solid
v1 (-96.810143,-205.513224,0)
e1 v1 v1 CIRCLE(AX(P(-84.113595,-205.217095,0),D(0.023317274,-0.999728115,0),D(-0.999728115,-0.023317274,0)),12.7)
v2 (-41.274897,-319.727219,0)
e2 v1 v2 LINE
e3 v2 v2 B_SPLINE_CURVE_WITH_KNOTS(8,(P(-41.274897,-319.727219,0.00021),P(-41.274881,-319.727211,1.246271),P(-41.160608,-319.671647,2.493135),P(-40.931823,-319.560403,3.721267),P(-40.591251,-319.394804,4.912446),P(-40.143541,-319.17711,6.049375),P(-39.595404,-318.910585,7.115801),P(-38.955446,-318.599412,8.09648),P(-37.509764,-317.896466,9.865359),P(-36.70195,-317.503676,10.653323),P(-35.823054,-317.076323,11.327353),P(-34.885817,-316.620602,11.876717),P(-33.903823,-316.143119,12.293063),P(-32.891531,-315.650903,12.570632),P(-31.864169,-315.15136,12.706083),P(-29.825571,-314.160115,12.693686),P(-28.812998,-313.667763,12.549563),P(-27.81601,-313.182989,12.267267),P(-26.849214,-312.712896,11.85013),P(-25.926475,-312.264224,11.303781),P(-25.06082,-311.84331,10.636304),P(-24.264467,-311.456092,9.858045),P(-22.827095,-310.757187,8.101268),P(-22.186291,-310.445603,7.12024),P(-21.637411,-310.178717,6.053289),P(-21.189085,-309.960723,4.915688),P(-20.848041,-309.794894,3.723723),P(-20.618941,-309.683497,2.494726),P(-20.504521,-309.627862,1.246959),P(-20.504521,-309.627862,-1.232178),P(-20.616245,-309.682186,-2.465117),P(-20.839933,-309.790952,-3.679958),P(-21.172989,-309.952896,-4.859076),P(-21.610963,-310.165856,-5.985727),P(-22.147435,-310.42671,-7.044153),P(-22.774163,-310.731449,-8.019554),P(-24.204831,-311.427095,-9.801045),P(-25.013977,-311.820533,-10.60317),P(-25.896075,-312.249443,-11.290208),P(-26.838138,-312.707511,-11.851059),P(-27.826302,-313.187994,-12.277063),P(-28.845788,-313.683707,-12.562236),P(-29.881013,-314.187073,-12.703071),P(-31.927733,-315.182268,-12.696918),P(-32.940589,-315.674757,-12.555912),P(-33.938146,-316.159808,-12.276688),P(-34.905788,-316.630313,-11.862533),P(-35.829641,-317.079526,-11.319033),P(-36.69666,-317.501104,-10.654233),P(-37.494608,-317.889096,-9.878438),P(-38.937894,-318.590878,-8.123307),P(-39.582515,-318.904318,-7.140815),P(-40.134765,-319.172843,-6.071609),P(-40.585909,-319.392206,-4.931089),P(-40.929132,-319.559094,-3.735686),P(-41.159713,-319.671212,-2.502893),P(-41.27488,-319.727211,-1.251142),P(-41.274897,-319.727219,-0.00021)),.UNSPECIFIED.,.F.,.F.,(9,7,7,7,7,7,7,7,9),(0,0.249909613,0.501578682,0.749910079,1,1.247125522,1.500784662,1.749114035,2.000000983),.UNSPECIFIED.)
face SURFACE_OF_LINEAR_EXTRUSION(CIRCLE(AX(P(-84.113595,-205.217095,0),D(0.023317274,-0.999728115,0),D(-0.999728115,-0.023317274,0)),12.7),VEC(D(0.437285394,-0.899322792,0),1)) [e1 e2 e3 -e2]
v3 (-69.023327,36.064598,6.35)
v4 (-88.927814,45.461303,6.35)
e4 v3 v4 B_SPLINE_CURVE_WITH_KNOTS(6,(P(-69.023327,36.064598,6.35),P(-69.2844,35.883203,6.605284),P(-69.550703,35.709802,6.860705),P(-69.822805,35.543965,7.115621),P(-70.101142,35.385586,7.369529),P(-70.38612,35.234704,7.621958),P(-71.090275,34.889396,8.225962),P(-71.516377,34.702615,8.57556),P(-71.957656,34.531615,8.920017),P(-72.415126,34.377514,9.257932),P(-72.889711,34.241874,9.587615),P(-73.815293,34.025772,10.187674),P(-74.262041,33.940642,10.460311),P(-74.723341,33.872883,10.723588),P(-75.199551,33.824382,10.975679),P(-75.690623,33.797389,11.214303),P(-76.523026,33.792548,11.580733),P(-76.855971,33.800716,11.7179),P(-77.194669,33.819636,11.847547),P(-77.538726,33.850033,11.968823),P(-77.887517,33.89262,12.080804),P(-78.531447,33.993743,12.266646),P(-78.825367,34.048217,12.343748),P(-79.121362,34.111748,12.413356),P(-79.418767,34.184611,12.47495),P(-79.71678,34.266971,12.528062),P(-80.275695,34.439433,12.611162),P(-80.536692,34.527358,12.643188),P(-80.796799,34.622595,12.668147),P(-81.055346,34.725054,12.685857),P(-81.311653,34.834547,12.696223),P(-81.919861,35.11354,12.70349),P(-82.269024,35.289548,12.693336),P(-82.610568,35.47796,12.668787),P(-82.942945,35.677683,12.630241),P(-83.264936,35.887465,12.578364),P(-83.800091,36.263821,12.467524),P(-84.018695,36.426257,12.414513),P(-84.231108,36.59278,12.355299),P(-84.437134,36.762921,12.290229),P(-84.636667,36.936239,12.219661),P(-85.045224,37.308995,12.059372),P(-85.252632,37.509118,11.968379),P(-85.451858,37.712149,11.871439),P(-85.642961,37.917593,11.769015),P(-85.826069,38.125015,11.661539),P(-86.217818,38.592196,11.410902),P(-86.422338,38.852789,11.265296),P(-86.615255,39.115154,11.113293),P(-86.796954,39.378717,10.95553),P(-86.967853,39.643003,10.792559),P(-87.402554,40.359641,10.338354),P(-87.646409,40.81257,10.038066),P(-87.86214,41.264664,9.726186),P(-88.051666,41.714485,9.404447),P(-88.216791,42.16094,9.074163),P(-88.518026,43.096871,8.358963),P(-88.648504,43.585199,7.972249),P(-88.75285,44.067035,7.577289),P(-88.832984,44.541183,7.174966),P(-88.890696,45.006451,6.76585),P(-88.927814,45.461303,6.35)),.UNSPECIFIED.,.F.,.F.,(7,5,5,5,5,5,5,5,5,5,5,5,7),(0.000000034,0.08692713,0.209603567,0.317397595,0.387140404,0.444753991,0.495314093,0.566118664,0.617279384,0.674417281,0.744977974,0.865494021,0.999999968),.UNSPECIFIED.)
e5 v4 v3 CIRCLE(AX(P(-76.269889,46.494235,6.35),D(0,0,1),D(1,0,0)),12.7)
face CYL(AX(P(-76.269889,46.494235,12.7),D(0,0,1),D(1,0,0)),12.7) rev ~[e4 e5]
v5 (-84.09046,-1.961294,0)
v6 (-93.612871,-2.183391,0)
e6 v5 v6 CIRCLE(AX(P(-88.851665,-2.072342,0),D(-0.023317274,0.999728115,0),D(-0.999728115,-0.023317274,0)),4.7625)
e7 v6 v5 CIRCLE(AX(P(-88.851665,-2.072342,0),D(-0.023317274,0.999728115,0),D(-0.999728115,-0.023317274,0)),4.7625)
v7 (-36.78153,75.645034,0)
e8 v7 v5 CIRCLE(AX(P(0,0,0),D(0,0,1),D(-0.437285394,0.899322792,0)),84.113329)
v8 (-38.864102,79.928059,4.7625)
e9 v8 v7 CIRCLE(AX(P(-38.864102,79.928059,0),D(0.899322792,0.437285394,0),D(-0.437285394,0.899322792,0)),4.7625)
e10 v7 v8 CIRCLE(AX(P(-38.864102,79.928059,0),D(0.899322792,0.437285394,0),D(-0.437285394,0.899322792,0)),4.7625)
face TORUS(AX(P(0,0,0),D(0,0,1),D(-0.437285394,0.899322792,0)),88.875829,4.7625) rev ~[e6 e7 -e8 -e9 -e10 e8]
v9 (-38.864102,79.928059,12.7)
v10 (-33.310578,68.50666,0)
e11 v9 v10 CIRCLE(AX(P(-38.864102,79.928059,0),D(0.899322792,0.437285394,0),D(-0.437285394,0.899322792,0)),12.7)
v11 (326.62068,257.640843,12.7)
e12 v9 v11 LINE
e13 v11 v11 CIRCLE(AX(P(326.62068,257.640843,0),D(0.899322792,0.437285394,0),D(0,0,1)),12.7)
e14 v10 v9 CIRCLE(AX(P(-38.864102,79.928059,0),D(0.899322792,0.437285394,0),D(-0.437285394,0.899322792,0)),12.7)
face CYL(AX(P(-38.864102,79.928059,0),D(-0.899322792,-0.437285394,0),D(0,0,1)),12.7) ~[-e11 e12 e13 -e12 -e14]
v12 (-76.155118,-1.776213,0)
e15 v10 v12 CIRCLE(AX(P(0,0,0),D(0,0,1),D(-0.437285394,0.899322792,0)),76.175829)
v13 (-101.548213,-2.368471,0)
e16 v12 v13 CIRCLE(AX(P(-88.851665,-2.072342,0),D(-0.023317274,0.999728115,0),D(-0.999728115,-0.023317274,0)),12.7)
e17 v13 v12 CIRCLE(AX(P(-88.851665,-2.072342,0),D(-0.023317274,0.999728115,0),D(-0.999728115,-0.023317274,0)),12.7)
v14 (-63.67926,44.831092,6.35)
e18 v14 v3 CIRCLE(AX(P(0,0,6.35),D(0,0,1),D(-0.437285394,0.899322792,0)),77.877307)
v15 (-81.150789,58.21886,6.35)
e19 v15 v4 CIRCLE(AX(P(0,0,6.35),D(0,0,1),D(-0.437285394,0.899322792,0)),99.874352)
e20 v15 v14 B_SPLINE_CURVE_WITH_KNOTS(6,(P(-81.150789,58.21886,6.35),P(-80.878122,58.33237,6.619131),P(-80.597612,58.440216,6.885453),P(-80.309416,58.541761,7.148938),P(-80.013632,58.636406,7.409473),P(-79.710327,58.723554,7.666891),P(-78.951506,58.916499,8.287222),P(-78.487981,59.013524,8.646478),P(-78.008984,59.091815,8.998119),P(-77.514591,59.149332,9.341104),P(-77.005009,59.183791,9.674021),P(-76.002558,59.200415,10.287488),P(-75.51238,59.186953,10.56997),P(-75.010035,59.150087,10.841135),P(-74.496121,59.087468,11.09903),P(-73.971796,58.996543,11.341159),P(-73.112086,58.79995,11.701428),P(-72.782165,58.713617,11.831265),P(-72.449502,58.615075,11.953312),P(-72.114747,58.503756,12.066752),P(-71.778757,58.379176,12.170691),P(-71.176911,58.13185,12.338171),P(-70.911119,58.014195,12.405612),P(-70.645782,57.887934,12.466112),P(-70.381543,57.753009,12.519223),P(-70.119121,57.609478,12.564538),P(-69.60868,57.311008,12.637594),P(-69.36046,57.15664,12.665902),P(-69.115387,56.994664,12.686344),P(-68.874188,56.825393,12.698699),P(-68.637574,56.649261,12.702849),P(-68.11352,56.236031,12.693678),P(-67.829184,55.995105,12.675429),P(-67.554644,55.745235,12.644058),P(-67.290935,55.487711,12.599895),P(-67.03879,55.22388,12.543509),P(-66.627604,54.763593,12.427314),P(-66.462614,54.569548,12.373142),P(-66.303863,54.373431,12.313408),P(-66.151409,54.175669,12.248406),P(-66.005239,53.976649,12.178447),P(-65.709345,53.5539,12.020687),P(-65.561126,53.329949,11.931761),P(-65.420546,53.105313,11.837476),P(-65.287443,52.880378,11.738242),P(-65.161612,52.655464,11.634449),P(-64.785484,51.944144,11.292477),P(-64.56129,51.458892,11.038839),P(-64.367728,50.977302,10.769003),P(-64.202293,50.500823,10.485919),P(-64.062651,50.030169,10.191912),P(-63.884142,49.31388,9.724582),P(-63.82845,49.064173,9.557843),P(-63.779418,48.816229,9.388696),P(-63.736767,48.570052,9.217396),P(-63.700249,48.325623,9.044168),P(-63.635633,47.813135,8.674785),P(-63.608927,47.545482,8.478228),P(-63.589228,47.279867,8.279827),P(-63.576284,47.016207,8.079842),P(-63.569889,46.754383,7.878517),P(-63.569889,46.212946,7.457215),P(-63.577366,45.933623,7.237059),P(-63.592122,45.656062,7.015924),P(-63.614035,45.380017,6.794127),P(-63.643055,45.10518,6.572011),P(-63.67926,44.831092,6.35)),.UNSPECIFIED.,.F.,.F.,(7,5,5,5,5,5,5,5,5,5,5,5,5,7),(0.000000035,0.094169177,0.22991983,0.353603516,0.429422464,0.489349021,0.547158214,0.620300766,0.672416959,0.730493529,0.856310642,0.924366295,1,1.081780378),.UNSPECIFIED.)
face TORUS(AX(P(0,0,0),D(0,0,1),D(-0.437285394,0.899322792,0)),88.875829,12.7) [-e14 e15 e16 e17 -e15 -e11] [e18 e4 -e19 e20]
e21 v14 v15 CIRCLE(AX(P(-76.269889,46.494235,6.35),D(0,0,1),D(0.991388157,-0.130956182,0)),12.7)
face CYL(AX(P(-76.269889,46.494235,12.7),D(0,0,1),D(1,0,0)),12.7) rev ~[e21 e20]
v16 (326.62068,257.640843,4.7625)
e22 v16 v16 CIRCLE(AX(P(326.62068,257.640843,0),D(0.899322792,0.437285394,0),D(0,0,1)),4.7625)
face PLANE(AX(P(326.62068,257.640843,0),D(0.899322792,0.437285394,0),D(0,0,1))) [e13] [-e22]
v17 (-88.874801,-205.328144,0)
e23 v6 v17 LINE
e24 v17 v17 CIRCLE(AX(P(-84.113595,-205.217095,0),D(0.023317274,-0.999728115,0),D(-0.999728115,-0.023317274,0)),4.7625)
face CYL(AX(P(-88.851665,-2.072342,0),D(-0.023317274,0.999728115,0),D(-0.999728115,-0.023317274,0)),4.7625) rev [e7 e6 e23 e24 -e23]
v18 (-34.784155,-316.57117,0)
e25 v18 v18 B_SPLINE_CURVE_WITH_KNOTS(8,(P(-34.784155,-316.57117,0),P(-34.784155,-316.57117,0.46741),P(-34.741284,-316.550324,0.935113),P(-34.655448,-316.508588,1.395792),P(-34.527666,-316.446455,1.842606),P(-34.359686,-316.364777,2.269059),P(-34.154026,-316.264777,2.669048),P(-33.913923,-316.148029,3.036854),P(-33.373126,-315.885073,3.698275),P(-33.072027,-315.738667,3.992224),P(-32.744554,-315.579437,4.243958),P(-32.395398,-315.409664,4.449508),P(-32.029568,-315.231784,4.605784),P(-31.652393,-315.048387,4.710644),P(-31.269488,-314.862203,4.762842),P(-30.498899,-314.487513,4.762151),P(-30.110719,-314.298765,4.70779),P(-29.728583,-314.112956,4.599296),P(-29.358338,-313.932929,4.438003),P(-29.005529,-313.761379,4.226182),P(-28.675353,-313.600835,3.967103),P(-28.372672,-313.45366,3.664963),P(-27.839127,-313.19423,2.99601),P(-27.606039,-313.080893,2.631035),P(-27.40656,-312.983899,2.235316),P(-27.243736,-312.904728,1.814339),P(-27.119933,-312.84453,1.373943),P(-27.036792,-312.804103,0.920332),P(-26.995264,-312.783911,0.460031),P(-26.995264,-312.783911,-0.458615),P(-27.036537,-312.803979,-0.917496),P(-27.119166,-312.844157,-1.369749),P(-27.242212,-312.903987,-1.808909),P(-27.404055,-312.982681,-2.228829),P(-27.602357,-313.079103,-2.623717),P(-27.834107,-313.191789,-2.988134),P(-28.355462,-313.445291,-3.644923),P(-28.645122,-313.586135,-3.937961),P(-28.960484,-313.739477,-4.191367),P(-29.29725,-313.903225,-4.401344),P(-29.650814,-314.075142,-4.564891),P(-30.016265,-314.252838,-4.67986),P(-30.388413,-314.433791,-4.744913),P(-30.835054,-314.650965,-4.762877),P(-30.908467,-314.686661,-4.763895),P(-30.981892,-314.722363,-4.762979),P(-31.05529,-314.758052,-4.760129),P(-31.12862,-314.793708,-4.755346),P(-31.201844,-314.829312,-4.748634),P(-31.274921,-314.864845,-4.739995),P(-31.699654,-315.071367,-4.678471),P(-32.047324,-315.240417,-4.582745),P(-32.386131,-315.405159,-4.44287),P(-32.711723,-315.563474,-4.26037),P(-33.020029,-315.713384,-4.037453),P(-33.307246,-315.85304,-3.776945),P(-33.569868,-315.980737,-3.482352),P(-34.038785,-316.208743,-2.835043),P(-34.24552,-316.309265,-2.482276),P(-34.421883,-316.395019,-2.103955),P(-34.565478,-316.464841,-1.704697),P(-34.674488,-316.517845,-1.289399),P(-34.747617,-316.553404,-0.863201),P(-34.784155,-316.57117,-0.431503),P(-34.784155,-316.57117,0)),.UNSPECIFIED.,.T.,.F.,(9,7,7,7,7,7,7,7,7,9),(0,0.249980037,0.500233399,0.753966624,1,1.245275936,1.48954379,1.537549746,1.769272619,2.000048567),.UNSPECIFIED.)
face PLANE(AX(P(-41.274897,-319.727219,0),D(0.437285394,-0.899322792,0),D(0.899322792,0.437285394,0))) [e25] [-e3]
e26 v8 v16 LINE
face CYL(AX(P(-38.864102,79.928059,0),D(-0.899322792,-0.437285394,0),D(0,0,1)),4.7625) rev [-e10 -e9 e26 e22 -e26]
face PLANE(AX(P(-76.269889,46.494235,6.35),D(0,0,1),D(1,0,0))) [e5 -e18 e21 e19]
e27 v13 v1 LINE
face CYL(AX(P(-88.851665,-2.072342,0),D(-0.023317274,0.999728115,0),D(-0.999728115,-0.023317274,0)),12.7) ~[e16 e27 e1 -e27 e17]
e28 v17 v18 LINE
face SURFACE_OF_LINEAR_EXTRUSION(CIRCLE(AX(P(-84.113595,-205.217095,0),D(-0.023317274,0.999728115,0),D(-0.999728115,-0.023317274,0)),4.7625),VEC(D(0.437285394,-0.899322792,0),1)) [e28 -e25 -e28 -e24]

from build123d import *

# Parameters (mm, degrees)
SKETCH5_R               = 12.7
SKETCH5_R_2             = 4.7625
SKETCH6_R               = 12.7
SKETCH6_R_2             = 4.7625
BOSS_EXTRUDE3_DEPTH     = 406.4
SKETCH7_R               = 12.7
SKETCH7_R_2             = 4.7625
BOSS_EXTRUDE4_DEPTH     = 203.2
SKETCH8_R               = 12.7
CUT_EXTRUDE1_DEPTH      = 6.35
SKETCH9_R               = 12.7
SKETCH9_R_2             = 4.7625
CUT_EXTRUDE2_DEPTH      = 462.222817168
CUT_EXTRUDE2_DEPTH_BACK = 462.222817168


with BuildPart() as part:
    # Sweep1: sweep along a path in Sketch4
    with BuildLine(Plane.XY) as sweep1_path:
        ThreePointArc((-38.874671546, 79.949796199), (-75.907697444, 46.273442371), (-88.87582946, -2.072905643))
    # Sketch5 → Sweep1 (sweep)
    with BuildSketch(Plane(origin=(0, 0, 0), x_dir=(1, 0, 0), z_dir=(0, 1, 0))):
        with Locations((-88.87582946, 0)):
            Circle(SKETCH5_R)
        with Locations((-88.87582946, 0)):
            Circle(SKETCH5_R_2, mode=Mode.SUBTRACT)
    sweep(path=sweep1_path.line)

    # Sketch6 → Boss-Extrude3 (add)
    with BuildSketch(Plane(origin=(0, 0, 0), x_dir=(0, 0, -1), z_dir=(0.8993227918843839, 0.43728539421901275, 0))):
        with Locations(Location((0, 88.87582946, 0), (0, 0, 180))):
            Circle(SKETCH6_R)
        with Locations(Location((0, 88.87582946, 0), (0, 0, 180))):
            Circle(SKETCH6_R_2, mode=Mode.SUBTRACT)
    extrude(amount=BOSS_EXTRUDE3_DEPTH)

    # Sketch7 → Boss-Extrude4 (add)
    with BuildSketch(Plane(origin=(0, 0, 0), x_dir=(-0.9997281154099812, -0.023317273828803834, 0), z_dir=(0.023317273828803834, -0.9997281154099812, 0))):
        with Locations((88.87582946, 0)):
            Circle(SKETCH7_R)
        with Locations((88.87582946, 0)):
            Circle(SKETCH7_R_2, mode=Mode.SUBTRACT)
    extrude(amount=BOSS_EXTRUDE4_DEPTH)

    # Sketch8 → Cut-Extrude1 (cut)
    with BuildSketch(Plane.XY.offset(12.7)):
        with Locations((-76.269889492, 46.494235168)):
            Circle(SKETCH8_R)
    extrude(amount=-CUT_EXTRUDE1_DEPTH, mode=Mode.SUBTRACT)

    # Sweep2: sweep along a path in Sketch11
    with BuildLine(Plane.XY) as sweep2_path:
        Line((-84.113595449, -205.217095104), (-28.578350384, -319.431089673))
    # Sketch9 → Sweep2 (sweep)
    with BuildSketch(Plane(origin=(4.738070042, -203.144753051, 0), x_dir=(-0.9997281154099812, -0.023317273828803834, 0), z_dir=(0.023317273828803834, -0.9997281154099812, 0))):
        with Locations((88.87582946, 0)):
            Circle(SKETCH9_R)
        with Locations((88.87582946, 0)):
            Circle(SKETCH9_R_2, mode=Mode.SUBTRACT)
    sweep(path=sweep2_path.line)

    # Sketch16 → Cut-Extrude2 (cut, two sides)
    with BuildSketch(Plane.XY) as cut_extrude2_sk:
        Polygon((-41.274897449, -319.727219051), (-20.504520989, -309.627861689), (-15.881803318, -319.134960295), align=None)
    extrude(amount=CUT_EXTRUDE2_DEPTH, mode=Mode.SUBTRACT)
    extrude(cut_extrude2_sk.sketch, amount=-CUT_EXTRUDE2_DEPTH_BACK, mode=Mode.SUBTRACT)


solid = part.part
